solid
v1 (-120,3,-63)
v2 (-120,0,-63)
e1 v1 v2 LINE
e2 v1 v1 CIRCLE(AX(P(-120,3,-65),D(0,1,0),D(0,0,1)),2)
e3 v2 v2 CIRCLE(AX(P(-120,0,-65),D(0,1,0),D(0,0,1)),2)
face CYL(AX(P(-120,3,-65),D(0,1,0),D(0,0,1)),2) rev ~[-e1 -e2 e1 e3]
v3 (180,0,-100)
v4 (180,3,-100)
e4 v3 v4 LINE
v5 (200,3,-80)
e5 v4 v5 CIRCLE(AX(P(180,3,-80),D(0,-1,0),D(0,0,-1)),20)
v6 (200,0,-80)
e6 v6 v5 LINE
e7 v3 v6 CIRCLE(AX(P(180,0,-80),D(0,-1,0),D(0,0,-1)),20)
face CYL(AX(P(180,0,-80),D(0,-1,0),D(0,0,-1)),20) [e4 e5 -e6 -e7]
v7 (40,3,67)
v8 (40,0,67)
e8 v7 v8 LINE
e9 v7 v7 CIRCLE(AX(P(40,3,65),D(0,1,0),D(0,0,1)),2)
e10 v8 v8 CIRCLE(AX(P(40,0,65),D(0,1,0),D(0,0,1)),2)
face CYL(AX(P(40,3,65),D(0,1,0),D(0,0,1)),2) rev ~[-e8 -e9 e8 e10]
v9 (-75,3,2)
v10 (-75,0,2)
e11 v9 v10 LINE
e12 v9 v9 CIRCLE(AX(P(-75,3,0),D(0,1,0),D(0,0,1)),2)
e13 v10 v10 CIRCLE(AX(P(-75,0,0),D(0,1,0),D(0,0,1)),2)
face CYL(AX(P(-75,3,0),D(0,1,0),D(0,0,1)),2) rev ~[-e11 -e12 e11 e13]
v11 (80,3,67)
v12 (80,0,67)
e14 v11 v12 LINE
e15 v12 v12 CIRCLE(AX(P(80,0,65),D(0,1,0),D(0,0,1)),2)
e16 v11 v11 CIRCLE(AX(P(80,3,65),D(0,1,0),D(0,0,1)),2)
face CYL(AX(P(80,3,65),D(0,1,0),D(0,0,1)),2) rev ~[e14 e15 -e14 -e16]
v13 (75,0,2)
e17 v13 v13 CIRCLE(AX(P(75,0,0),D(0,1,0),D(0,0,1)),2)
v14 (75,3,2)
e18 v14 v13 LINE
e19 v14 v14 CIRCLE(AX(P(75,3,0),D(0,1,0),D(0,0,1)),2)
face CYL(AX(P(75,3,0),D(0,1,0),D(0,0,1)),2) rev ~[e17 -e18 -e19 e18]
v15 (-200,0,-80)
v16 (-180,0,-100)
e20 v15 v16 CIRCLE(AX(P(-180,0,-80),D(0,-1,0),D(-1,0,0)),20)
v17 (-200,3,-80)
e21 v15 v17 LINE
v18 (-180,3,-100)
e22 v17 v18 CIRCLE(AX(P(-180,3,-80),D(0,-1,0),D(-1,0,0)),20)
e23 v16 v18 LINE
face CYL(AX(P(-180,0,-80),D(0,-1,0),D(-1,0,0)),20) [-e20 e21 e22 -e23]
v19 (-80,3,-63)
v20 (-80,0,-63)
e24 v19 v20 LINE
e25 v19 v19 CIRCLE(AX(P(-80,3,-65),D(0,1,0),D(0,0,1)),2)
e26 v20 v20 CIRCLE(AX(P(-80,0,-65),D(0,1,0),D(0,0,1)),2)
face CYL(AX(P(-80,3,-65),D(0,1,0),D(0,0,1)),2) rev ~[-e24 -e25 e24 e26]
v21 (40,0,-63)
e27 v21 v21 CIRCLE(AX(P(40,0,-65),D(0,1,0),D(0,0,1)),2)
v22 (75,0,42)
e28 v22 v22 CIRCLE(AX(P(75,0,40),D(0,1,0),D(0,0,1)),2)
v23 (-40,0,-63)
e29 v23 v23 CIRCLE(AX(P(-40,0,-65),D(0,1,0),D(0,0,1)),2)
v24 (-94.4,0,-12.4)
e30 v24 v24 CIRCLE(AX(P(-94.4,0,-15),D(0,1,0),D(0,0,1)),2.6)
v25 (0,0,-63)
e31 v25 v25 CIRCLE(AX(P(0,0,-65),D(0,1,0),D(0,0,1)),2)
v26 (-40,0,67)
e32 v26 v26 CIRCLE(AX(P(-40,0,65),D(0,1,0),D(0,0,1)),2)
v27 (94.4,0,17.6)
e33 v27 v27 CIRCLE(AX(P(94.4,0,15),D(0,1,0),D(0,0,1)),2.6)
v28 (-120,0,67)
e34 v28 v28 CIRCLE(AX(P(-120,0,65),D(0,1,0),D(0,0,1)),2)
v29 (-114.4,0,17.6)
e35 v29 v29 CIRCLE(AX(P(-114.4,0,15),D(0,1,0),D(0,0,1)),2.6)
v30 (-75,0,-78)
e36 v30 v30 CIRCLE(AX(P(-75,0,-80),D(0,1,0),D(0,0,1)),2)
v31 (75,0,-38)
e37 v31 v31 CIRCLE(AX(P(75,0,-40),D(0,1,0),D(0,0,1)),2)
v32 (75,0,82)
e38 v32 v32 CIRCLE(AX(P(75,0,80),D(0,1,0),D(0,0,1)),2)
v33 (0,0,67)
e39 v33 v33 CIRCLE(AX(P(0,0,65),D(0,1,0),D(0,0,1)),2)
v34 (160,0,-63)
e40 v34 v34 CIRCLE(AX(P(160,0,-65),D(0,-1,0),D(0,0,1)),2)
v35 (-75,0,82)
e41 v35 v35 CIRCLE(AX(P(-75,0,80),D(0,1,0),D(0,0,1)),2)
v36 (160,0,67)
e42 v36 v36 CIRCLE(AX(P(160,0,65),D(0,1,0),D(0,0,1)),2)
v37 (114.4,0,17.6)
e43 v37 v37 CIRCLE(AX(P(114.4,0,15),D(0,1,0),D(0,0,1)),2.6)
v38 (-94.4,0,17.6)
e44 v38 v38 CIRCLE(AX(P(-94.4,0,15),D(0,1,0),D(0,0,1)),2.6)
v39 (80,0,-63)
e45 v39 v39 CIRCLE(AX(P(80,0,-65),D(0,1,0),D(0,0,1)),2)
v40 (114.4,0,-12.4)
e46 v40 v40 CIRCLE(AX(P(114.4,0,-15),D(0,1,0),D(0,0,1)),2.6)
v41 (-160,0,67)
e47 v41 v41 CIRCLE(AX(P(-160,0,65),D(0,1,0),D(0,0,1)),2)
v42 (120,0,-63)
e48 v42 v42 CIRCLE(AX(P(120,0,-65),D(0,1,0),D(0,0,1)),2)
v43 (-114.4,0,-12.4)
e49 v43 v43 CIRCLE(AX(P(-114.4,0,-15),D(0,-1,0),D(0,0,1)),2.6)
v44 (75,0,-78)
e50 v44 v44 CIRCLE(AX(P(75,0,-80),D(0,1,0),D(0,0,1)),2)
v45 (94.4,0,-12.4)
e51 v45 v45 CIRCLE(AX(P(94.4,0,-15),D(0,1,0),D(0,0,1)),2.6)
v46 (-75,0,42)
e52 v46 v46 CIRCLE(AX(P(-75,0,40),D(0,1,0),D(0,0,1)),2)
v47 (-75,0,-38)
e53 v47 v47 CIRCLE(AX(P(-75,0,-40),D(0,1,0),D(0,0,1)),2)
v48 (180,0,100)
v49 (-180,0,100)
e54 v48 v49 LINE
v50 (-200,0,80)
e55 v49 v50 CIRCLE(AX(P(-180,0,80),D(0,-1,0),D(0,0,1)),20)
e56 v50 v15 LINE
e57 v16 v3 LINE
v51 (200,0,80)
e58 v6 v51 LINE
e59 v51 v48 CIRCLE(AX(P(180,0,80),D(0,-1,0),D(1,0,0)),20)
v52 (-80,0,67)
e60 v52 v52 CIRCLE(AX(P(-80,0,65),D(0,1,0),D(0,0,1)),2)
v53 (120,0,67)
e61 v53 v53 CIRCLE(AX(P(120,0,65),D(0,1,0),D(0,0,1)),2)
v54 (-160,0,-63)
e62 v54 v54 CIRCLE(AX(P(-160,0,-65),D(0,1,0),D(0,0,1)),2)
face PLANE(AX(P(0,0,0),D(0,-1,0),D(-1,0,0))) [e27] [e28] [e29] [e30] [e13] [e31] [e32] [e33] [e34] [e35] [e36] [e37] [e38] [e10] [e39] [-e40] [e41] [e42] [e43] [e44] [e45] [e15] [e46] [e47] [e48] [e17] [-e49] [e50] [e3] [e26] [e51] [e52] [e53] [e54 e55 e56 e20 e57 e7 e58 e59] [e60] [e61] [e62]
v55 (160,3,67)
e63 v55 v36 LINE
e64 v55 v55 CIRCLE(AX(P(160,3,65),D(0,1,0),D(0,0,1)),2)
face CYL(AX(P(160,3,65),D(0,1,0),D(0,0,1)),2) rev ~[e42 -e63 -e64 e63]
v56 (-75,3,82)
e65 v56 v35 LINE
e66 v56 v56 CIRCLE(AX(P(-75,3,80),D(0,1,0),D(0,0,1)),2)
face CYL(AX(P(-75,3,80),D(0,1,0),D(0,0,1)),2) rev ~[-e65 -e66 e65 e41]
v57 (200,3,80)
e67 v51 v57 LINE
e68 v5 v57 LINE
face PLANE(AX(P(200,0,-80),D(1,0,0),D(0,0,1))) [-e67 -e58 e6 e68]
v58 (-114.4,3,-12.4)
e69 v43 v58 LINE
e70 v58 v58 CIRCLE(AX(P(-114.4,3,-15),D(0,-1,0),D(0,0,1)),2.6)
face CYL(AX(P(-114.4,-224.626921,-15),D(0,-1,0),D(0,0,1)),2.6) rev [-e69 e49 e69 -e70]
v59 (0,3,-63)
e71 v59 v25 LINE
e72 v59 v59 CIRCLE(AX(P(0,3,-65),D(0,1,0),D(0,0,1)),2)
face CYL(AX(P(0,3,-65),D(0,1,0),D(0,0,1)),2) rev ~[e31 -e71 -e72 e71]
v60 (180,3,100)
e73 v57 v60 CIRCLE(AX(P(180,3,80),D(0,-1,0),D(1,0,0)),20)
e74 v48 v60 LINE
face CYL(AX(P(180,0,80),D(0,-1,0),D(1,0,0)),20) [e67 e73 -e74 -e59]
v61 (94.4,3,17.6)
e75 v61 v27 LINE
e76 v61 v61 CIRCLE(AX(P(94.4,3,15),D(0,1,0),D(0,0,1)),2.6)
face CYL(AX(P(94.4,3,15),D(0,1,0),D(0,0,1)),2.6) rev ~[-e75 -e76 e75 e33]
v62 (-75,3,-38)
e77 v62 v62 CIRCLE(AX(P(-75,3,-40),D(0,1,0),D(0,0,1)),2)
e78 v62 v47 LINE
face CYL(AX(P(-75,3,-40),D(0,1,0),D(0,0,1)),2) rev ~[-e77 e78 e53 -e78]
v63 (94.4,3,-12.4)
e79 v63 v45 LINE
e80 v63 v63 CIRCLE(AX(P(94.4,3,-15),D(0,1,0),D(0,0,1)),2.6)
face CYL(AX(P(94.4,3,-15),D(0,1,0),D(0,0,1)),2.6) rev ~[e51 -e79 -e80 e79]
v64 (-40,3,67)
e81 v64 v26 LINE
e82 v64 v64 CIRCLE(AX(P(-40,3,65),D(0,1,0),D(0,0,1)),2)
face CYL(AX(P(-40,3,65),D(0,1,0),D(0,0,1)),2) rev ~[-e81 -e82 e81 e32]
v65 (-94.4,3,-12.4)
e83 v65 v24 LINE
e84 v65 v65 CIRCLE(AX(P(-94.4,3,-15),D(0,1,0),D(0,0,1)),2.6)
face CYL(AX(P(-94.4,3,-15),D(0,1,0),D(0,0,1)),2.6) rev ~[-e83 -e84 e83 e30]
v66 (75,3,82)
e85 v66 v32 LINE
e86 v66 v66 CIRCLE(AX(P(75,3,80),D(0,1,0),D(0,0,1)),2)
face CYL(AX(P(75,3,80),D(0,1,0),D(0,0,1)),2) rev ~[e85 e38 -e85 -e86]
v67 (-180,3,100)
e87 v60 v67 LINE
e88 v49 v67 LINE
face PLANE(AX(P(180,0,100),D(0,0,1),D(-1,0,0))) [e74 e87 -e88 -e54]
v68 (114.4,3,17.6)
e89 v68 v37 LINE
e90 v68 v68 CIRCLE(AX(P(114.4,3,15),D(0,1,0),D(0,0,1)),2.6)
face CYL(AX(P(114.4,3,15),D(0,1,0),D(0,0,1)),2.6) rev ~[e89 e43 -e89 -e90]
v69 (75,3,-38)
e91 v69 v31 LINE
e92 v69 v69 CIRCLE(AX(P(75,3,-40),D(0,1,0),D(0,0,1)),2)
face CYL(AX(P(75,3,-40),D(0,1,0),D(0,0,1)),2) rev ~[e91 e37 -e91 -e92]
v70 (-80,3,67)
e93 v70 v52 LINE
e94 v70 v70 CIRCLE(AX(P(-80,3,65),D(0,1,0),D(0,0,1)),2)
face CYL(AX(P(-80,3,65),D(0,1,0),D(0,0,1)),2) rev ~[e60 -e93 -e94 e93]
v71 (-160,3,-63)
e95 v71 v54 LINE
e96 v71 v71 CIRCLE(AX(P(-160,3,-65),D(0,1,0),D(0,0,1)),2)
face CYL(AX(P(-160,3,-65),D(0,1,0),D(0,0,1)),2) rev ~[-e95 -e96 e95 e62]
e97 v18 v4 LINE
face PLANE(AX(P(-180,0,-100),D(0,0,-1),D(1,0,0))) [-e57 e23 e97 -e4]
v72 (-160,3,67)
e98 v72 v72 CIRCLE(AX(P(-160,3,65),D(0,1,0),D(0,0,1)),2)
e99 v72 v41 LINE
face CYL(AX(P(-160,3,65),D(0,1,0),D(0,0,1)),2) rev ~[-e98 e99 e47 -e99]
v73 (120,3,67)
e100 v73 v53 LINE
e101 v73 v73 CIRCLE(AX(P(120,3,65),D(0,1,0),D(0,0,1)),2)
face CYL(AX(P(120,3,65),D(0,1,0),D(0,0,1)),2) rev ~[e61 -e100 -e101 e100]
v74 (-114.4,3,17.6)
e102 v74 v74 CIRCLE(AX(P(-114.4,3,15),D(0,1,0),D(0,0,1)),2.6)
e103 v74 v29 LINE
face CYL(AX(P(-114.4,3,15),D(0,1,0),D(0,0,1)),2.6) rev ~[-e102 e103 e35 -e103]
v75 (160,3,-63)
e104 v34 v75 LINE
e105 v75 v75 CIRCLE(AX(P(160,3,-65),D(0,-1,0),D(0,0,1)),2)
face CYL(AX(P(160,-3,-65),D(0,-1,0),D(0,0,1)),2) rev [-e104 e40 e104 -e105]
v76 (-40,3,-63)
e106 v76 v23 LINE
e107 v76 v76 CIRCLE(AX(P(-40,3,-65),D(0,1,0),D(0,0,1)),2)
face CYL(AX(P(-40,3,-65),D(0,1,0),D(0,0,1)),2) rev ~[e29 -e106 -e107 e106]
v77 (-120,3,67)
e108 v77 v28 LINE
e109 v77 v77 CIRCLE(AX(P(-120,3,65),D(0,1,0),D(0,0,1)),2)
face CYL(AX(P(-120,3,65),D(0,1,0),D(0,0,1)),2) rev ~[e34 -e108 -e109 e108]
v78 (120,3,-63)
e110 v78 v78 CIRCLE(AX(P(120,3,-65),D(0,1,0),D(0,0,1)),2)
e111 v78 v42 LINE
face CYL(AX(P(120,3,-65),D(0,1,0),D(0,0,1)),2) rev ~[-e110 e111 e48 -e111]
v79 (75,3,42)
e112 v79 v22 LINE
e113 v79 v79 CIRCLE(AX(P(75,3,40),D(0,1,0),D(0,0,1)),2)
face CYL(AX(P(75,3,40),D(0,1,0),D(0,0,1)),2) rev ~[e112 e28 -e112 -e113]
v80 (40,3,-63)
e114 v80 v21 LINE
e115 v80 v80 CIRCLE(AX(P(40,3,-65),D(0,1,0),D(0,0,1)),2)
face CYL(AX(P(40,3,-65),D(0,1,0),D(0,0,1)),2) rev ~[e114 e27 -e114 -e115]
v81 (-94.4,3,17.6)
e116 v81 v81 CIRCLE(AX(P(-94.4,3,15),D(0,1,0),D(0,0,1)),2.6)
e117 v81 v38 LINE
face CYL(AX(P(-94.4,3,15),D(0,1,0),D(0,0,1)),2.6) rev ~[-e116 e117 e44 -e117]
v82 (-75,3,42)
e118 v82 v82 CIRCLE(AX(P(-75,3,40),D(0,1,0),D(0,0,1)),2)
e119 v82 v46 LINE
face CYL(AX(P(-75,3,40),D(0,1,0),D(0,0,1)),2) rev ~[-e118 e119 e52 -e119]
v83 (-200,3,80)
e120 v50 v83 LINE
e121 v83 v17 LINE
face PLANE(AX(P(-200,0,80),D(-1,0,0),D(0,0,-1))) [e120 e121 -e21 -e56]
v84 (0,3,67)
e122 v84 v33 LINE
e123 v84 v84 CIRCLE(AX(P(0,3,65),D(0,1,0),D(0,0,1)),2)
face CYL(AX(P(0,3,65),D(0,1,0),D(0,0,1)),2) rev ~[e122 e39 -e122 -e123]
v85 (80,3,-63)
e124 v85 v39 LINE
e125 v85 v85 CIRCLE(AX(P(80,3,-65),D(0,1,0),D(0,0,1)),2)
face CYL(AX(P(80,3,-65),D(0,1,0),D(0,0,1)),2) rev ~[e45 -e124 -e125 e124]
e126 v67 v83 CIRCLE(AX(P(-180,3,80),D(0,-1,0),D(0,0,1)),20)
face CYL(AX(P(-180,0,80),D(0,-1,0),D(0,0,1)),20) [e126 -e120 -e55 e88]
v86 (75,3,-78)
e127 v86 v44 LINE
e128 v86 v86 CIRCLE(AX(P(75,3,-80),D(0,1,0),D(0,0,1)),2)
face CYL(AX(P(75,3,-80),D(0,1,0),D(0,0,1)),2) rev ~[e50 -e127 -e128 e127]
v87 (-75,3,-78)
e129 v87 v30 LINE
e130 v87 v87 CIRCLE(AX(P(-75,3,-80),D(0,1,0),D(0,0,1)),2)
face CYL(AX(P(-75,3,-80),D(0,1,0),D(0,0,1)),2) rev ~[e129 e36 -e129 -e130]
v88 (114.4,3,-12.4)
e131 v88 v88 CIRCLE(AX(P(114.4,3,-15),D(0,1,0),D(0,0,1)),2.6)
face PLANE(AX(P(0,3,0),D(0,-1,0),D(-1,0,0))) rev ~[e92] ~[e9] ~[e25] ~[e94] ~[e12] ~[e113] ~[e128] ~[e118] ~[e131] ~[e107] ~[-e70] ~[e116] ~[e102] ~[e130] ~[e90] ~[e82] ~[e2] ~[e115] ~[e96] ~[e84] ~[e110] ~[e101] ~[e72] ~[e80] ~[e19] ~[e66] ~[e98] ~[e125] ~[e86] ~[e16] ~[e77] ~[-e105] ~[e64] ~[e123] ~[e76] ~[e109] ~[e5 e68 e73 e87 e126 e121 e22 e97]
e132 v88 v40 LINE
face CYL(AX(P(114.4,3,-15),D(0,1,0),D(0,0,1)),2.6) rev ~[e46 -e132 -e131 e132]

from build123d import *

# Parameters (mm, degrees)
EXTRUDE_2_DEPTH           = 3
CUT_EXTRUDE_3_DEPTH       = 10
CUT_EXTRUDE_3_DEPTH_BACK  = 224.626921456
SKETCH_2_R                = 2.6
SKETCH_3_R                = 2.6
CUT_EXTRUDE_4_DEPTH       = 3
CUT_EXTRUDE_29_DEPTH      = 10
CUT_EXTRUDE_29_DEPTH_BACK = 3
SKETCH_4_R                = 2
SKETCH_5_R                = 2
CUT_EXTRUDE_30_DEPTH      = 3
SKETCH_6_R                = 2
CUT_EXTRUDE_31_DEPTH      = 3
SKETCH_7_R                = 2
CUT_EXTRUDE_32_DEPTH      = 3
SKETCH_8_R                = 2
CUT_EXTRUDE_33_DEPTH      = 3
SKETCH_9_R                = 2
CUT_EXTRUDE_34_DEPTH      = 3


with BuildPart() as part:
    # 草图1 → 凸台-拉伸2 (new body)
    with BuildSketch(Plane(origin=(0, 0, 0), x_dir=(1, 0, 0), z_dir=(0, 1, 0))):
        with BuildLine():
            Line((180, -100), (-180, -100))
            ThreePointArc((-180, -100), (-194.142135624, -94.142135624), (-200, -80))
            Line((-200, -80), (-200, 80))
            ThreePointArc((-200, 80), (-194.142135624, 94.142135624), (-180, 100))
            Line((-180, 100), (180, 100))
            ThreePointArc((180, 100), (194.142135624, 94.142135624), (200, 80))
            Line((200, 80), (200, -80))
            ThreePointArc((200, -80), (194.142135624, -94.142135624), (180, -100))
        make_face()
    extrude(amount=EXTRUDE_2_DEPTH)

    # 草图2 → 切除-拉伸3 (cut, two sides: drawn at the far end of the back side and taken through both)
    with BuildSketch(Plane(origin=(0, 0, 0), x_dir=(1, 0, 0), z_dir=(0, 1, 0)).offset(-CUT_EXTRUDE_3_DEPTH_BACK)):
        with Locations(Location((-114.4, 15, 0), (0, 0, 270))):
            Circle(SKETCH_2_R)
    extrude(amount=CUT_EXTRUDE_3_DEPTH + CUT_EXTRUDE_3_DEPTH_BACK, mode=Mode.SUBTRACT)

    # 草图3 → 切除-拉伸4 (cut)
    with BuildSketch(Plane(origin=(0, 3, 0), x_dir=(1, 0, 0), z_dir=(0, 1, 0))):
        with Locations(Location((-114.4, -15, 0), (0, 0, 270))):
            Circle(SKETCH_3_R)
        with Locations(Location((-94.4, 15, 0), (0, 0, 270))):
            Circle(SKETCH_3_R)
        with Locations(Location((-94.4, -15, 0), (0, 0, 270))):
            Circle(SKETCH_3_R)
        with Locations(Location((114.4, 15, 0), (0, 0, 270))):
            Circle(SKETCH_3_R)
        with Locations(Location((94.4, 15, 0), (0, 0, 270))):
            Circle(SKETCH_3_R)
        with Locations(Location((94.4, -15, 0), (0, 0, 270))):
            Circle(SKETCH_3_R)
        with Locations(Location((114.4, -15, 0), (0, 0, 270))):
            Circle(SKETCH_3_R)
    extrude(amount=-CUT_EXTRUDE_4_DEPTH, mode=Mode.SUBTRACT)

    # 草图4 → 切除-拉伸29 (cut, two sides: drawn at the far end of the back side and taken through both)
    with BuildSketch(Plane(origin=(0, 0, 0), x_dir=(1, 0, 0), z_dir=(0, 1, 0)).offset(-CUT_EXTRUDE_29_DEPTH_BACK)):
        with Locations(Location((160, 65, 0), (0, 0, 270))):
            Circle(SKETCH_4_R)
    extrude(amount=CUT_EXTRUDE_29_DEPTH + CUT_EXTRUDE_29_DEPTH_BACK, mode=Mode.SUBTRACT)

    # 草图5 → 切除-拉伸30 (cut)
    with BuildSketch(Plane(origin=(0, 3, 0), x_dir=(1, 0, 0), z_dir=(0, 1, 0))):
        with Locations(Location((-160, -65, 0), (0, 0, 270))):
            Circle(SKETCH_5_R)
        with Locations(Location((-120, -65, 0), (0, 0, 270))):
            Circle(SKETCH_5_R)
        with Locations(Location((-80, -65, 0), (0, 0, 270))):
            Circle(SKETCH_5_R)
        with Locations(Location((-40, -65, 0), (0, 0, 270))):
            Circle(SKETCH_5_R)
        with Locations(Location((0, -65, 0), (0, 0, 270))):
            Circle(SKETCH_5_R)
        with Locations(Location((40, -65, 0), (0, 0, 270))):
            Circle(SKETCH_5_R)
        with Locations(Location((80, -65, 0), (0, 0, 270))):
            Circle(SKETCH_5_R)
        with Locations(Location((120, -65, 0), (0, 0, 270))):
            Circle(SKETCH_5_R)
        with Locations(Location((160, -65, 0), (0, 0, 270))):
            Circle(SKETCH_5_R)
    extrude(amount=-CUT_EXTRUDE_30_DEPTH, mode=Mode.SUBTRACT)

    # 草图6 → 切除-拉伸31 (cut)
    with BuildSketch(Plane(origin=(0, 3, 0), x_dir=(1, 0, 0), z_dir=(0, 1, 0))):
        with Locations(Location((-160, 65, 0), (0, 0, 270))):
            Circle(SKETCH_6_R)
        with Locations(Location((-120, 65, 0), (0, 0, 270))):
            Circle(SKETCH_6_R)
        with Locations(Location((-80, 65, 0), (0, 0, 270))):
            Circle(SKETCH_6_R)
        with Locations(Location((-40, 65, 0), (0, 0, 270))):
            Circle(SKETCH_6_R)
        with Locations(Location((0, 65, 0), (0, 0, 270))):
            Circle(SKETCH_6_R)
        with Locations(Location((40, 65, 0), (0, 0, 270))):
            Circle(SKETCH_6_R)
        with Locations(Location((80, 65, 0), (0, 0, 270))):
            Circle(SKETCH_6_R)
        with Locations(Location((120, 65, 0), (0, 0, 270))):
            Circle(SKETCH_6_R)
    extrude(amount=-CUT_EXTRUDE_31_DEPTH, mode=Mode.SUBTRACT)

    # 草图7 → 切除-拉伸32 (cut)
    with BuildSketch(Plane(origin=(0, 3, 0), x_dir=(1, 0, 0), z_dir=(0, 1, 0))):
        with Locations(Location((-75, -80, 0), (0, 0, 270))):
            Circle(SKETCH_7_R)
    extrude(amount=-CUT_EXTRUDE_32_DEPTH, mode=Mode.SUBTRACT)

    # 草图8 → 切除-拉伸33 (cut)
    with BuildSketch(Plane(origin=(0, 3, 0), x_dir=(1, 0, 0), z_dir=(0, 1, 0))):
        with Locations(Location((-75, 80, 0), (0, 0, 270))):
            Circle(SKETCH_8_R)
        with Locations(Location((-75, 40, 0), (0, 0, 270))):
            Circle(SKETCH_8_R)
        with Locations(Location((-75, 0, 0), (0, 0, 270))):
            Circle(SKETCH_8_R)
        with Locations(Location((-75, -40, 0), (0, 0, 270))):
            Circle(SKETCH_8_R)
    extrude(amount=-CUT_EXTRUDE_33_DEPTH, mode=Mode.SUBTRACT)

    # 草图9 → 切除-拉伸34 (cut)
    with BuildSketch(Plane(origin=(0, 3, 0), x_dir=(1, 0, 0), z_dir=(0, 1, 0))):
        with Locations(Location((75, 80, 0), (0, 0, 270))):
            Circle(SKETCH_9_R)
        with Locations(Location((75, 40, 0), (0, 0, 270))):
            Circle(SKETCH_9_R)
        with Locations(Location((75, 0, 0), (0, 0, 270))):
            Circle(SKETCH_9_R)
        with Locations(Location((75, -40, 0), (0, 0, 270))):
            Circle(SKETCH_9_R)
        with Locations(Location((75, -80, 0), (0, 0, 270))):
            Circle(SKETCH_9_R)
    extrude(amount=-CUT_EXTRUDE_34_DEPTH, mode=Mode.SUBTRACT)


solid = part.part
